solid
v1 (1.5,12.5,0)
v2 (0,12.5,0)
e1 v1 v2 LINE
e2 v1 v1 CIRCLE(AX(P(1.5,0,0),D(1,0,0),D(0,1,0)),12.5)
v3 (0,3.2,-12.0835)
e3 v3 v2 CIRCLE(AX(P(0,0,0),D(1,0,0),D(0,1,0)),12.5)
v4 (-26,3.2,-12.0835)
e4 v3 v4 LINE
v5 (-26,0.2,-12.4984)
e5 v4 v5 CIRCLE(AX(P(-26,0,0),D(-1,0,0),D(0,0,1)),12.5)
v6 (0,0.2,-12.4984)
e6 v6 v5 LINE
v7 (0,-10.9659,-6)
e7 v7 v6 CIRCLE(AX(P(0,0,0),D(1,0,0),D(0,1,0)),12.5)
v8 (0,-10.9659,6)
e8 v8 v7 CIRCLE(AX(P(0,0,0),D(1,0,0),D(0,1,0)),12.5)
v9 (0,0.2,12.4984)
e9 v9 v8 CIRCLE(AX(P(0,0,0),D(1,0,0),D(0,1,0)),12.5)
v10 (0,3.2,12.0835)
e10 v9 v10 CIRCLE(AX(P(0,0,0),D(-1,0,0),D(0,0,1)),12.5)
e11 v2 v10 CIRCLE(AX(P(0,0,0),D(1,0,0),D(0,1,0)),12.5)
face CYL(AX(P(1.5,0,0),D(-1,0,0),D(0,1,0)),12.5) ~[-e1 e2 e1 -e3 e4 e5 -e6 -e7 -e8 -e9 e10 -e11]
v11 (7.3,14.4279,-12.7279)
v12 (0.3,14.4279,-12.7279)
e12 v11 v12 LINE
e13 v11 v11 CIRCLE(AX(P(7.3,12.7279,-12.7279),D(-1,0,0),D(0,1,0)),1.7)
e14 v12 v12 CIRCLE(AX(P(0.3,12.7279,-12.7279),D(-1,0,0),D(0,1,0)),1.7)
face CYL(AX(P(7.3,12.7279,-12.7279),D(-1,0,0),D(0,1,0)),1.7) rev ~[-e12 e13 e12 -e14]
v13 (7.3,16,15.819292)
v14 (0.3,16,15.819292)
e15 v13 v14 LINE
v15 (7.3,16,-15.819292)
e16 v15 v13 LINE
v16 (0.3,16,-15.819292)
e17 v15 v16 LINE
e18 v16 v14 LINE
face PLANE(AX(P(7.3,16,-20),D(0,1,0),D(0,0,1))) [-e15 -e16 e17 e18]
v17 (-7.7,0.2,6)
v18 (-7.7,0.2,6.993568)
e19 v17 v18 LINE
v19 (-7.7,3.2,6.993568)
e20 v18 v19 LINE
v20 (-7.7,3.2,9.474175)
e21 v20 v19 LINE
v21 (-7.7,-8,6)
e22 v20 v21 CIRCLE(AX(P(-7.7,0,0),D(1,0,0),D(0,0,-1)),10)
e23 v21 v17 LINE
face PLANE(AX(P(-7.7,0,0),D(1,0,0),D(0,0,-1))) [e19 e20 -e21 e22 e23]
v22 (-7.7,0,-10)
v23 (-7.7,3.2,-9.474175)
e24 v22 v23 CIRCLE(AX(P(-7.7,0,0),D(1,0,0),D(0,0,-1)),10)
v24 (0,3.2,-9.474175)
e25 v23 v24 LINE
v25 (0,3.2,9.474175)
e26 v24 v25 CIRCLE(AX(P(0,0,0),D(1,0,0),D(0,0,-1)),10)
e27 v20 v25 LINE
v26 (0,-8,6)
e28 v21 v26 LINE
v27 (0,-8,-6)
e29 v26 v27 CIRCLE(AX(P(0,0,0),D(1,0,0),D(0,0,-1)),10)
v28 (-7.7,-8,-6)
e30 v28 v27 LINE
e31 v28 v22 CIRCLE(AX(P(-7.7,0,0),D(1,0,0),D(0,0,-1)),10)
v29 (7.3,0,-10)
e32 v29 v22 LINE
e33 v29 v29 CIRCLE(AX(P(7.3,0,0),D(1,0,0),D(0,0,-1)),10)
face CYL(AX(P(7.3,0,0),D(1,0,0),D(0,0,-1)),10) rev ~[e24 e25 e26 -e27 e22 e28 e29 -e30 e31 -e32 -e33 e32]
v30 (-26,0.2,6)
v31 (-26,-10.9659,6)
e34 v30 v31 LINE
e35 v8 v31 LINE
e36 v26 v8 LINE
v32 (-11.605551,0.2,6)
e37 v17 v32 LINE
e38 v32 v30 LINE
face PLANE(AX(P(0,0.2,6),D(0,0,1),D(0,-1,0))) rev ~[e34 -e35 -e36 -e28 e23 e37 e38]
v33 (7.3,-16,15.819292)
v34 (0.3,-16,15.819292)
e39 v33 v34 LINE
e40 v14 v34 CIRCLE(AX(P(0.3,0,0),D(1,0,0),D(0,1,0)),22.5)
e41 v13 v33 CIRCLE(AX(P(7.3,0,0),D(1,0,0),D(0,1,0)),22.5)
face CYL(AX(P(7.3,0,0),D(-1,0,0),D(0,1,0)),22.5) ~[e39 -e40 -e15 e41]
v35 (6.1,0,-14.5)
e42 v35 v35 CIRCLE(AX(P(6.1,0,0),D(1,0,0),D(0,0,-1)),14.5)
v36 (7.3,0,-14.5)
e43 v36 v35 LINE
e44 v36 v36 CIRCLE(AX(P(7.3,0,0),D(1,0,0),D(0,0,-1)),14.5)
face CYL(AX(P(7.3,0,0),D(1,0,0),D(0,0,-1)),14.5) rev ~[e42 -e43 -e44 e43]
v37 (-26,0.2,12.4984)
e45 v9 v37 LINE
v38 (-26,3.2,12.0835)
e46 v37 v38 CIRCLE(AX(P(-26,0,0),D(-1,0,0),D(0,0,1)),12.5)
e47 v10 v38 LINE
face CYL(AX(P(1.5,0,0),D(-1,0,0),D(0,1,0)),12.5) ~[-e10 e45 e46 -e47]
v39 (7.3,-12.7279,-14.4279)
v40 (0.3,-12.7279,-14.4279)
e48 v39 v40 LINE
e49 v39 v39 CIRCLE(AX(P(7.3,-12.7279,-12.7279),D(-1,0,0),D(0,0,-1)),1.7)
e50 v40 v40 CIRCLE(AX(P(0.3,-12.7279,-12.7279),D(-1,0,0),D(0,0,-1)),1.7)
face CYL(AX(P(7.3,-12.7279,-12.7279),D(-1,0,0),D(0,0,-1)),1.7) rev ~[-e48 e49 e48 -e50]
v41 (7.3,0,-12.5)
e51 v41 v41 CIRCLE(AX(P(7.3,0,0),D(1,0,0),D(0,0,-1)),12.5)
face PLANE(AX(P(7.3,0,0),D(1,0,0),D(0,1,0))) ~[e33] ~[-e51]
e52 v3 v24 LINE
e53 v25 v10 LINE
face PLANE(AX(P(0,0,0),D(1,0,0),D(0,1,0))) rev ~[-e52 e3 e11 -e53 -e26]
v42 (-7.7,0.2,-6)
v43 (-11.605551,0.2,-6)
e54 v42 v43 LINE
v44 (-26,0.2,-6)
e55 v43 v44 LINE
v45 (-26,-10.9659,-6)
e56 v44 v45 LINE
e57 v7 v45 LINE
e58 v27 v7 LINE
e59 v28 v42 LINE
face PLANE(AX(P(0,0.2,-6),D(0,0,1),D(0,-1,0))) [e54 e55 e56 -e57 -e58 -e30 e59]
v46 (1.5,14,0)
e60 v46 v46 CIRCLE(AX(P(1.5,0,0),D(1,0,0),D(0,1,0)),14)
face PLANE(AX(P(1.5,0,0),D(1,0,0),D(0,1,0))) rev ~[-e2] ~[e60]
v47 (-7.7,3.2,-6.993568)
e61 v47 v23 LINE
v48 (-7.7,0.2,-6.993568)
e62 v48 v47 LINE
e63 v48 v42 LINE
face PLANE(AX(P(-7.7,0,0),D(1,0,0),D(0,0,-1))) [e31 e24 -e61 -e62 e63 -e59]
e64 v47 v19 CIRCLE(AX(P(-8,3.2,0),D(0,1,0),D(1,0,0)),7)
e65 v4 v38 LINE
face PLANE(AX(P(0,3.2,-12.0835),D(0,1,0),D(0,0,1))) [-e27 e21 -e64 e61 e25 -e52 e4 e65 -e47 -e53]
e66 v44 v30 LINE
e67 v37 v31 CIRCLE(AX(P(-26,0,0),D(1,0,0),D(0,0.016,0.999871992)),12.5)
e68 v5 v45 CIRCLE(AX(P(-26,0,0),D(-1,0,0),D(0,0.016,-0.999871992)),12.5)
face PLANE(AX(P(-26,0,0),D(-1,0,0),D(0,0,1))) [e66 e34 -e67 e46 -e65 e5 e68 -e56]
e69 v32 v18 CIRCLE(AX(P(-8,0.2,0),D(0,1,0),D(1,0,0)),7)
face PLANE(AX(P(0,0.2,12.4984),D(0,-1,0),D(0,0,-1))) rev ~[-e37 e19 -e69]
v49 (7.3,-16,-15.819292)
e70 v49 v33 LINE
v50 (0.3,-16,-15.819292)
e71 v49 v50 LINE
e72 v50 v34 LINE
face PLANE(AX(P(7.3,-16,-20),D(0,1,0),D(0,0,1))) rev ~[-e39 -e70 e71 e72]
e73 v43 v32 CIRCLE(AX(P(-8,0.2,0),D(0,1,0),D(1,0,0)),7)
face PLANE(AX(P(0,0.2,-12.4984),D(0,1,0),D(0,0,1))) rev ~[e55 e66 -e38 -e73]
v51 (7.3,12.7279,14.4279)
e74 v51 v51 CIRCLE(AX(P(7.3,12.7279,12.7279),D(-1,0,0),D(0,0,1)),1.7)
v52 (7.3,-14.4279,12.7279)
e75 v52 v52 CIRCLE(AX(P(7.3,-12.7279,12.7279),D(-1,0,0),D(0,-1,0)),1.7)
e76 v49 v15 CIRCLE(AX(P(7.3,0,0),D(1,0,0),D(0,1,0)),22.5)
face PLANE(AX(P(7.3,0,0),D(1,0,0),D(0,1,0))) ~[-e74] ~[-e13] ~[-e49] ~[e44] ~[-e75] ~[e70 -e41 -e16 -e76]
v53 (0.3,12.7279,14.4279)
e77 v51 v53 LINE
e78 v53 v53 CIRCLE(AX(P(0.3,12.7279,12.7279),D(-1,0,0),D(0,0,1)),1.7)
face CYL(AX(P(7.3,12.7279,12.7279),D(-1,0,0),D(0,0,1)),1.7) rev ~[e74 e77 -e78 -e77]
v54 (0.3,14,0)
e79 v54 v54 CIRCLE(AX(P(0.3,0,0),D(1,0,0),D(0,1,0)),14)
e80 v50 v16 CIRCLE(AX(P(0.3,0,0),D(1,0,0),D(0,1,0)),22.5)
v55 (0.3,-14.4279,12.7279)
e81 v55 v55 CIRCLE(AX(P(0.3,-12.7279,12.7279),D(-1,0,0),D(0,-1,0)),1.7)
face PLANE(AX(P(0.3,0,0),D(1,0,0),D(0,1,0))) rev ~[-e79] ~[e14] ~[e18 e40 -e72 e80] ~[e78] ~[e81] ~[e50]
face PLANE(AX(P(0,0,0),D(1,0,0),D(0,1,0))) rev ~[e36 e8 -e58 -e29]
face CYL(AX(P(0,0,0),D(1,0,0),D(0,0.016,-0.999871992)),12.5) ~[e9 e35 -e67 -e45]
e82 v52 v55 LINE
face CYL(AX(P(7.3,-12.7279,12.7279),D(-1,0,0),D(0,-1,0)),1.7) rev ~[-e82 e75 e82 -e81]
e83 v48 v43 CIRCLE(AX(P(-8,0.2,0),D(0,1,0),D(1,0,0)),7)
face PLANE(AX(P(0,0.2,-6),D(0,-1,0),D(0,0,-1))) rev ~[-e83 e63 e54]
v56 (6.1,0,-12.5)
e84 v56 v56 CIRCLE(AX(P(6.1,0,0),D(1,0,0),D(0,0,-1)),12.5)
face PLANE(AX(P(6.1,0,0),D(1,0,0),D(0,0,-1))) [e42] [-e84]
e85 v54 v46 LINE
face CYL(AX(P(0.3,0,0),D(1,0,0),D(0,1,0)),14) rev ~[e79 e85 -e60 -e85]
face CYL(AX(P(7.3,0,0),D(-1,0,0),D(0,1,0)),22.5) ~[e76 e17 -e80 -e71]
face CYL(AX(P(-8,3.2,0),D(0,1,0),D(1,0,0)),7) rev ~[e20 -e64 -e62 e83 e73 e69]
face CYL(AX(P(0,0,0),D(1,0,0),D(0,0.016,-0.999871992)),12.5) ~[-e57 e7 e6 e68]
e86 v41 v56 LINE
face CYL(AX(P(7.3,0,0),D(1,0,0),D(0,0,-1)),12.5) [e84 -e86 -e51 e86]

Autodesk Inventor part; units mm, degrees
ref_plane "YZ Plane" through (0, 0, 0) normal (1, 0, 0) x (0, 1, 0)
ref_plane "XZ Plane" through (0, 0, 0) normal (0, 1, 0) x (-1, 0, 0)
ref_plane "XY Plane" through (0, 0, 0) normal (0, 0, 1) x (1, 0, 0)
sketch "Sketch4" plane through (0, 0, 0) normal (0, 0, 1) x (1, 0, 0)
  line L0 (0, 0) -> (7.3, 0)
  line L1 (7.3, 0) -> (7.3, 22.5)
  line L2 (7.3, 22.5) -> (0.3, 22.5)
  line L3 (0.3, 22.5) -> (0.3, 14)
  line L4 (0.3, 14) -> (1.5, 14)
  line L5 (1.5, 14) -> (1.5, 12.5)
  line L6 (1.5, 12.5) -> (0, 12.5)
  line L7 (0, 12.5) -> (0, 7.5)
  line L8 (0, 7.5) -> (0, 7.5)
  line L9 (0, 7.5) -> (0, 0)
  dimension "d44" = 25
  dimension "d45" = 1.5
  dimension "d46" = 1.2
  dimension "d47" = 1.5
  dimension "d53" = 45
  dimension "d58" = 7
  dimension "d59" = 15
  dimension "d60" = 0
revolve "Revolution2" add sketch "Sketch4" angle 360 about axis through (0, 0, 0) along (1, 0, 0)
sketch "Sketch7" plane through (7.3, 0, 0) normal (1, 0, 0) x (0, 0, -1)
  line L0 (-20, 26) -> (20, 26)
  line L1 (20, 26) -> (20, 16)
  line L2 (20, 16) -> (-20, 16)
  line L3 (-20, 16) -> (-20, 26)
  line L4 (20, -16) -> (-20, -16)
  line L5 (-20, -16) -> (-20, -26)
  line L6 (-20, -26) -> (20, -26)
  line L7 (20, -26) -> (20, -16)
  point P0 (0, 0)
  point P1 (0, 16)
  point P2 (0, -16)
  dimension "d61" = 16
  dimension "d62" = 16
  dimension "d63" = 10
  dimension "d64" = 10
  dimension "d65" = 20
extrude "Extrusion2" cut sketch "Sketch7" against normal blind 20
sketch "Sketch10" plane through (0, 0, 0) normal (-1, 0, 0) x (0, 0, 1)
  circle A0 centre (0, 0) radius 12.5 projected
  circle A1 centre (0, 0) radius 12.5 projected
  line L0 (-12.5, 0) -> (12.5, 0) construction
  line L1 (-12.4984, 0.2) -> (12.4984, 0.2)
  line L2 (-12.0835, 3.2) -> (12.0835, 3.2)
  point P0 (-12.4984, 0.2)
  point P1 (12.4984, 0.2)
  dimension "d72" = 0.2
  dimension "d73" = 3
extrude "Extrusion4" add sketch "Sketch10" along normal blind 26 contours L1 A0 L2
sketch "Sketch11" plane through (0, 3.2, 12.0835) normal (0, 1, 0) x (1, 0, 0)
  circle A0 centre (-8, 12.0835) radius 5 construction
  circle A1 centre (-8, 12.0835) radius 7
  point P0 (0, 12.0835)
  dimension "d76" = 14
extrude "Extrusion5" cut sketch "Sketch11" against normal through all
sketch "Sketch12" plane through (0, 0, 0) normal (-1, 0, 0) x (0, 0, 1)
  line L0 (12.4984, 0.2) -> (-12.4984, 0.2) projected
  arc A0 (-12.4984, 0.2) -> (12.4984, 0.2) centre (0, 0) ccw projected
  line L1 (-6, 0.2) -> (-6, -10.9659)
  circle A1 centre (0, 0) radius 12.5 projected
  line L2 (12.4984, 0.2) -> (-12.4984, 0.2) projected
  line L3 (6, 0.2) -> (6, -10.9659)
  line L4 (-12.4984, 0.2) -> (12.4984, 0.2) projected
  dimension "d79" = 6
  dimension "d80" = 6
extrude "Extrusion6" add sketch "Sketch12" along normal blind 26 contours A0 L3 L0 | L0 L1 A0
sketch "Sketch13" plane through (7.3, 0, 0) normal (1, 0, 0) x (0, 0, -1)
  circle A0 centre (0, 0) radius 12.5 projected
  circle A1 centre (0, 0) radius 10
  dimension "d83" = 20
extrude "Extrusion7" cut sketch "Sketch13" against normal blind 15 contours A1
sketch "Sketch14" plane through (7.3, 0, 0) normal (1, 0, 0) x (0, 0, -1)
  circle A0 centre (0, 0) radius 12.5 projected
  circle A1 centre (0, 0) radius 14.5
  dimension "d86" = 2
extrude "Extrusion8" cut sketch "Sketch14" against normal blind 1.2
sketch "Sketch15" plane through (7.3, 0, 0) normal (1, 0, 0) x (0, 0, -1)
  line L0 (0, 0) -> (12.7279, -12.7279)
  line L1 (0, 0) -> (18, 0) construction
  dimension "d89" = 18
  dimension "d90" = 45
hole "Hole3" at (7.3, -12.7279, -12.7279) direction (-1, 0, 0) diameter 3.4 end through all clearance for "Flat Head Machine Screw" size "M3" standard "Ansi Metric M Profile"
pattern_circular "Circular Pattern2" count 4 over 360 about axis through (0.75, 0, 0) along (1, 0, 0) of "Hole3"
equation "\"d62\" = d61"
equation "\"d64\" = d63"
equation "\"d80\" = d79"
properties part number "022" material "Aluminum 6061"
